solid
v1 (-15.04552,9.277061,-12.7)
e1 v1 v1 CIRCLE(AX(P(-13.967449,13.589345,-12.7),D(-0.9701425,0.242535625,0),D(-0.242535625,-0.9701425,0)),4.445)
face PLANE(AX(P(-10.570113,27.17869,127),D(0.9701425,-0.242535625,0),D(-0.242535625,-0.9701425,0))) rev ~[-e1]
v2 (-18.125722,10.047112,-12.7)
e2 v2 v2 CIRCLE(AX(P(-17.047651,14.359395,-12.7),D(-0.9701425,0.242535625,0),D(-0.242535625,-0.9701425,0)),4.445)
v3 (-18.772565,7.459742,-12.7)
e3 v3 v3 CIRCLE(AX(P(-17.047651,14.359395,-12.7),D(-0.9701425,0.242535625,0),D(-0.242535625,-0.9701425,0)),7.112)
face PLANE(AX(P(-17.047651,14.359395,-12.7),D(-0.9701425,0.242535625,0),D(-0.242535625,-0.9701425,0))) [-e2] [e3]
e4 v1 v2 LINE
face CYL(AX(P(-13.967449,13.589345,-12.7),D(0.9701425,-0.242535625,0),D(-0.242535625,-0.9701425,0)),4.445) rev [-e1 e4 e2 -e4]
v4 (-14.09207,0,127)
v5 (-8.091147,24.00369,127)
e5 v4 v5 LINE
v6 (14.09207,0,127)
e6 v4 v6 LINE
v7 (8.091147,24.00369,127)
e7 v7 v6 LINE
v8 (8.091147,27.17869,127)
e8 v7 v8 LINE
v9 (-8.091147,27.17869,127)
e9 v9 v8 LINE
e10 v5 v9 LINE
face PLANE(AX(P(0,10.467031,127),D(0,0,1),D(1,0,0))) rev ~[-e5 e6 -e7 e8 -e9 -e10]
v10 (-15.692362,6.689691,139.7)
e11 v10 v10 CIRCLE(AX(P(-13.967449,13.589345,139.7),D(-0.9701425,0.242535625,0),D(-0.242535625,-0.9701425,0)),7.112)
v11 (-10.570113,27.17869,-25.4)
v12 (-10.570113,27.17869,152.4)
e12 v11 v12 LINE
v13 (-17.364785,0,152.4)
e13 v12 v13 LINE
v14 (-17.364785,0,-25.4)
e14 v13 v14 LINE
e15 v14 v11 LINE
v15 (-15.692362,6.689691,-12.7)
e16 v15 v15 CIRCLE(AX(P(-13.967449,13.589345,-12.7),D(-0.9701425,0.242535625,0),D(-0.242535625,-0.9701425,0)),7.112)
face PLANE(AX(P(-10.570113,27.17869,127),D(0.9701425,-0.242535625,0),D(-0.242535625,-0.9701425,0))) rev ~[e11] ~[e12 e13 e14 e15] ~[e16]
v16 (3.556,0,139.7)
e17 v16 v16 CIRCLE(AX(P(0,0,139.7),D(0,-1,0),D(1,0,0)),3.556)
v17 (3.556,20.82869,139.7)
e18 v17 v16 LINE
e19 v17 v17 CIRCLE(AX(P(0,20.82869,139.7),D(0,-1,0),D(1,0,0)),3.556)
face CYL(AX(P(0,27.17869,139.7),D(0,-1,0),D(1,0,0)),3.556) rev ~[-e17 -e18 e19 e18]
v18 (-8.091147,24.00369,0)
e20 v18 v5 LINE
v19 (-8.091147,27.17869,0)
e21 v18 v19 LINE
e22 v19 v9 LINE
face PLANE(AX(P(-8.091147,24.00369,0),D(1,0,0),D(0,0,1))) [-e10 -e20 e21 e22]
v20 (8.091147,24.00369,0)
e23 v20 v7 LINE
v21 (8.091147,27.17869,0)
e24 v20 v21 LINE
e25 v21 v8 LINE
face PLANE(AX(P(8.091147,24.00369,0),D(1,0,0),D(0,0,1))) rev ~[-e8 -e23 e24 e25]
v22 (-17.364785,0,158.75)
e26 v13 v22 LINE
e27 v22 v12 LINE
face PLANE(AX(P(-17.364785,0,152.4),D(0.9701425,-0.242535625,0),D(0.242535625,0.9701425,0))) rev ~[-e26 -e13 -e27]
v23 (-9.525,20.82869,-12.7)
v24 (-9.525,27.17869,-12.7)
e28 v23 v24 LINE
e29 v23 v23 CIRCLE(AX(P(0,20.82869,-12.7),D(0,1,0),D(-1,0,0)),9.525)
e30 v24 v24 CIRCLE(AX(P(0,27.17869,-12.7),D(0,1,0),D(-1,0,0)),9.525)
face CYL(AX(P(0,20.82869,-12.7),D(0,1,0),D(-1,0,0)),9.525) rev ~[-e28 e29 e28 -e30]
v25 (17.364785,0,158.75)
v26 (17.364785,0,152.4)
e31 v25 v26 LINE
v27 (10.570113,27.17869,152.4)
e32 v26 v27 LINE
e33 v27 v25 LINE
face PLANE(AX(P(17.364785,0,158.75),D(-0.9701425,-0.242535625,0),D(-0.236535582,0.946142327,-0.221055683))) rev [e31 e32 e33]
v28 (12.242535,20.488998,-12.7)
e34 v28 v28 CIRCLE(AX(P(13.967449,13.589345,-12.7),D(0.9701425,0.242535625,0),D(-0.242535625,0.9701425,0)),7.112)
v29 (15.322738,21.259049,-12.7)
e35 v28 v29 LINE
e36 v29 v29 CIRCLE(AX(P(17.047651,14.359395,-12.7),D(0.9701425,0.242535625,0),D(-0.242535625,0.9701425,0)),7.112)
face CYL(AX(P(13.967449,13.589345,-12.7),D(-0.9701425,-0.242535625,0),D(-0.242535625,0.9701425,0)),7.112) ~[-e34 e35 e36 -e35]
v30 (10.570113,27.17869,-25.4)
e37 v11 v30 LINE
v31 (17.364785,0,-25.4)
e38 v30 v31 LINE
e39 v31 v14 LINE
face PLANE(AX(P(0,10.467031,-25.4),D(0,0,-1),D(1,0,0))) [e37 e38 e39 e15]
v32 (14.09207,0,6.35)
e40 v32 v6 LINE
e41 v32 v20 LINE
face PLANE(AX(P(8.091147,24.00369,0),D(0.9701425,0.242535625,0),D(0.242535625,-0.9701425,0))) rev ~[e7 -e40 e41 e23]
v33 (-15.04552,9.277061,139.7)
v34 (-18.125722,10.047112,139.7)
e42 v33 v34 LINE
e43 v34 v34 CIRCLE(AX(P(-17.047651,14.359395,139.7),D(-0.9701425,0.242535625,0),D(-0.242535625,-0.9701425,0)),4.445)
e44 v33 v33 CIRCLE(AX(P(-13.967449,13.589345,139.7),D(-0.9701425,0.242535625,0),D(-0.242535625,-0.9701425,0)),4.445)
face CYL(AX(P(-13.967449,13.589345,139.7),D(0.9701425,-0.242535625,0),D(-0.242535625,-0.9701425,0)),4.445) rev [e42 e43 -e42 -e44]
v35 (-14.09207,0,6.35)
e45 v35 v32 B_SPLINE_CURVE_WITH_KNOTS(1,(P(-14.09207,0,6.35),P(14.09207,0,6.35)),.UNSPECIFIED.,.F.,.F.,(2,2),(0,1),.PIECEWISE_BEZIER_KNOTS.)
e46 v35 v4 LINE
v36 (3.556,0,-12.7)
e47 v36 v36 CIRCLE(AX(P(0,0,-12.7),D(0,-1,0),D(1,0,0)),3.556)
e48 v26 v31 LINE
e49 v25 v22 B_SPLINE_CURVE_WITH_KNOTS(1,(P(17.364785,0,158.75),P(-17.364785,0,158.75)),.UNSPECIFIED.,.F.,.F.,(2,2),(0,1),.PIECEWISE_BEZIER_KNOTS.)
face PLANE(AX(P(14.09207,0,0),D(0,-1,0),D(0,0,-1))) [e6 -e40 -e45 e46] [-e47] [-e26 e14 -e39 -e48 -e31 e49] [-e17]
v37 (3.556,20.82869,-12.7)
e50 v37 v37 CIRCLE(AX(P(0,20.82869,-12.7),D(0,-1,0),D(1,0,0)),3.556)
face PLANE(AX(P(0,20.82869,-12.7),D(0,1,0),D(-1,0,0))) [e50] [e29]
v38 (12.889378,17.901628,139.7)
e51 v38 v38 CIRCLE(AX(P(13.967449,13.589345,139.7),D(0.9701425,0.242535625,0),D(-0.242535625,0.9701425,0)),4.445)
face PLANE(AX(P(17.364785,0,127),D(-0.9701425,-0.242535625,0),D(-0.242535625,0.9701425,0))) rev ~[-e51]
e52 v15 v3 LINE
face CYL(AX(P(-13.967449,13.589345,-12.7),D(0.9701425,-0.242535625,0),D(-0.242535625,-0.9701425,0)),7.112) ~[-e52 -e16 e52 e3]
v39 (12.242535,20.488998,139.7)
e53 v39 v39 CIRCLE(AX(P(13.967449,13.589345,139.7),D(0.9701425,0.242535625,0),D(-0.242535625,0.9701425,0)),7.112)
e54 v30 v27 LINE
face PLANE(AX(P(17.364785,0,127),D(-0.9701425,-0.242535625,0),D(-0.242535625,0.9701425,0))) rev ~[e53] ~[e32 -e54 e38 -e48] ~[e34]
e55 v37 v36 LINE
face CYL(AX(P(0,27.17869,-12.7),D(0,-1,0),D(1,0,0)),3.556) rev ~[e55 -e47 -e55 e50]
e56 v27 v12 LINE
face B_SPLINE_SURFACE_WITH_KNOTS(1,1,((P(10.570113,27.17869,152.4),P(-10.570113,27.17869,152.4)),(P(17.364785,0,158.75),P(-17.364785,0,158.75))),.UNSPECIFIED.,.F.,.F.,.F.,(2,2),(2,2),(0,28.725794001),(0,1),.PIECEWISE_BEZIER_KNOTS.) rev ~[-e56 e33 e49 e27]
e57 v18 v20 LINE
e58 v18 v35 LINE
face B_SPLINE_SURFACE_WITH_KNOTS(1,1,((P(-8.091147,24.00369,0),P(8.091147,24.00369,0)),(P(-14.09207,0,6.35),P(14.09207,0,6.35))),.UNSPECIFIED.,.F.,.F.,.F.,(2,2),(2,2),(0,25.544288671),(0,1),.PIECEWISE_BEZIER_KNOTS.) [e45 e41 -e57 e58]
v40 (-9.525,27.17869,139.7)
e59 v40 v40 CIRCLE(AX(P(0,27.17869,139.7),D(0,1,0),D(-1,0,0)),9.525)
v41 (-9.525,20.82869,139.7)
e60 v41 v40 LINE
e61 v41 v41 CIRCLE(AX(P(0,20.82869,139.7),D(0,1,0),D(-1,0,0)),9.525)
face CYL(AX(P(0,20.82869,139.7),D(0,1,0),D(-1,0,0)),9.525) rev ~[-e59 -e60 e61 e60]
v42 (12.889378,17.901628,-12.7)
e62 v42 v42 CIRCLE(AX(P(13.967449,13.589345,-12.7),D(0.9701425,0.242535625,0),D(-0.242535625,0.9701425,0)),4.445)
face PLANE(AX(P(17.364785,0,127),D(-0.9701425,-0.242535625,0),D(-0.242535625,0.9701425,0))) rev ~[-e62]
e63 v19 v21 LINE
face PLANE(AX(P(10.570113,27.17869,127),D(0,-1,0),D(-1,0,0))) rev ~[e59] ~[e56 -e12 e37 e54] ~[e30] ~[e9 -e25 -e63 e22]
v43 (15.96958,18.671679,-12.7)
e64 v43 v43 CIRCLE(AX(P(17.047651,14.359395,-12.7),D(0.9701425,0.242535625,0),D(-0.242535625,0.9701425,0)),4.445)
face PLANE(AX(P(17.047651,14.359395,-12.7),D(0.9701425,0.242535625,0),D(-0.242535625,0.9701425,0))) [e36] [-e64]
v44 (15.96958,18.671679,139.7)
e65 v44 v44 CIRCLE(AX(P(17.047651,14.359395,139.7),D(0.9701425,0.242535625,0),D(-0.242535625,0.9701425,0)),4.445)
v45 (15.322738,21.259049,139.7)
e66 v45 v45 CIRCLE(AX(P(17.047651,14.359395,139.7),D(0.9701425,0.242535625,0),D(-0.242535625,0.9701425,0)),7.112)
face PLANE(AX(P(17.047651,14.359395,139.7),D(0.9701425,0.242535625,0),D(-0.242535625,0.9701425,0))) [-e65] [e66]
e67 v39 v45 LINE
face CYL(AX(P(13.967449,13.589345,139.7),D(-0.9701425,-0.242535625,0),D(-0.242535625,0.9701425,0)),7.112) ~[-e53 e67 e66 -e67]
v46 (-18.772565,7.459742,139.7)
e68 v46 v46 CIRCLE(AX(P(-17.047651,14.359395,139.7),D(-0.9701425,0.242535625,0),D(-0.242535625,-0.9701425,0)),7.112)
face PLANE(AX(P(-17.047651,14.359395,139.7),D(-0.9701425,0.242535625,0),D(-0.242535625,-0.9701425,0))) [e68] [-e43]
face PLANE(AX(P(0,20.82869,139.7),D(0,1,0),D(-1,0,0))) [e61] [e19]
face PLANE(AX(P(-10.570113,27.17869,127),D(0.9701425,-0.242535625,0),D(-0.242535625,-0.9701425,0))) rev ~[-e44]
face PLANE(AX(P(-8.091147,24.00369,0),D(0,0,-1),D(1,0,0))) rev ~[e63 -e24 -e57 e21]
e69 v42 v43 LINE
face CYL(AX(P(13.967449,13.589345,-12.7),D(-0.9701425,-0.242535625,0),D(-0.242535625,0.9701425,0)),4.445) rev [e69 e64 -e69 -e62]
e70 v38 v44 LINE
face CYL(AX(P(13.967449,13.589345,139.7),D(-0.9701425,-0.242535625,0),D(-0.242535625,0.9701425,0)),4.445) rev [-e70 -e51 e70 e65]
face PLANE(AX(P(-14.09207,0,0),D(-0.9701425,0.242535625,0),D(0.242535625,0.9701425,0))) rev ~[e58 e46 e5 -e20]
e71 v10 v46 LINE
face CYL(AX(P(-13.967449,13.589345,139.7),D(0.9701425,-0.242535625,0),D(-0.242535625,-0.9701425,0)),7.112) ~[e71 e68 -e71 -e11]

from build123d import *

# Parameters (mm, degrees)
F1_DEPTH        = 127
F3_DEPTH        = 25.4
F5_DEPTH        = 25.4
F12_DEPTH       = 3.1760001
F14_D           = 7.112
F14_CBORE_D     = 19.05
F14_CBORE_DEPTH = 6.35
F15_R           = 7.112
F15_R_2         = 4.445
F16_DEPTH       = 3.175
F17_R           = 7.112
F17_R_2         = 4.445
F18_DEPTH       = 3.175


with BuildPart() as f1:
    # F0 (on Top) → F1 (new body)
    with BuildSketch(Plane.XY):
        Polygon((-10.5701125115, 27.1786895925), (-17.3647849097, 0), (-14.0920698193, 0), (-8.0911474212, 24.0036895925), (8.0911474212, 24.0036895925), (14.0920698193, 0), (17.3647849097, 0), (10.5701125115, 27.1786895925), align=None)
    extrude(amount=F1_DEPTH)

    # F2 (on face) → F3 (join)
    with BuildSketch(Plane(origin=(0, 0, 0), x_dir=(1, 0, 0), z_dir=(0, 0, -1))):
        Polygon((8.0911474212, -24.0036895925), (14.0920698193, 0), (-14.0920698193, 0), (-8.0911474212, -24.0036895925), align=None)
        Polygon((17.3647849097, 0), (14.0920698193, 0), (8.0911474212, -24.0036895925), (-8.0911474212, -24.0036895925), (-14.0920698193, 0), (-17.3647849097, 0), (-10.5701125115, -27.1786895925), (10.5701125115, -27.1786895925), align=None)
    extrude(amount=F3_DEPTH)

    # F4 (on face) → F5 (join)
    with BuildSketch(Plane.XY.offset(127)):
        Polygon((-8.0911474212, 24.0036895925), (-14.0920698193, 0), (14.0920698193, 0), (8.0911474212, 24.0036895925), align=None)
        Polygon((-17.3647849097, 0), (-14.0920698193, 0), (-8.0911474212, 24.0036895925), (8.0911474212, 24.0036895925), (14.0920698193, 0), (17.3647849097, 0), (10.5701125115, 27.1786895925), (-10.5701125115, 27.1786895925), align=None)
    extrude(amount=F5_DEPTH)

    # F6 (on face) → F8 section 0
    with BuildSketch(Plane(origin=(16.3433269738, 4.0858317435, 0), x_dir=(-0.242535625, 0.9701425001, 0), z_dir=(0.9701425001, 0.242535625, 0))):
        Polygon((-4.2115789617, 158.75), (-4.2115789617, 152.4), (23.8035730273, 152.4), align=None)
    # F7 (on face) → F8 section 1
    with BuildSketch(Plane(origin=(-16.3433269738, 4.0858317435, 0), x_dir=(-0.242535625, -0.9701425001, 0), z_dir=(-0.9701425001, 0.242535625, 0))):
        Polygon((-23.8035730273, 152.4), (4.2115789617, 152.4), (4.2115789617, 158.75), align=None)
    loft()

    # F10 (on face) → F11 section 0
    with BuildSketch(Plane(origin=(-13.2631245358, 3.315781134, 0), x_dir=(0.242535625, 0.9701425001, 0), z_dir=(0.9701425001, -0.242535625, 0))):
        Polygon((-3.4178289617, 6.35), (-3.4178289617, 0), (21.324607937, 0), align=None)
    # F9 (on face) → F11 section 1
    with BuildSketch(Plane(origin=(13.2631245358, 3.315781134, 0), x_dir=(0.242535625, -0.9701425001, 0), z_dir=(-0.9701425001, -0.242535625, 0))):
        Polygon((-21.324607937, 0), (3.4178289617, 0), (3.4178289617, 6.35), align=None)
    loft()

    # F12 (cut, through all): a face of the model
    f12_faces = [f1.faces().sort_by_distance(p)[0] for p in [
        (0, 24.0036895925, 63.5),
    ]]
    extrude(f12_faces, amount=-F12_DEPTH, mode=Mode.SUBTRACT)

    # F14 (through all)
    with Locations(Plane(origin=(0, 27.1786895925, 0), x_dir=(-1, 0, 0), z_dir=(0, 1, 0))):
        with Locations((0, 139.7), (0, -12.7)):
            CounterBoreHole(F14_D / 2, F14_CBORE_D / 2, F14_CBORE_DEPTH)

    # F15 (on face) → F16 (join)
    with BuildSketch(Plane(origin=(16.3433269738, 4.0858317435, 0), x_dir=(-0.242535625, 0.9701425001, 0), z_dir=(0.9701425001, 0.242535625, 0))):
        with Locations((9.7959970328, 139.7)):
            Circle(F15_R)
        with Locations((9.7959970328, 139.7)):
            Circle(F15_R_2, mode=Mode.SUBTRACT)
        with Locations((9.7959970328, -12.7)):
            Circle(F15_R)
        with Locations((9.7959970328, -12.7)):
            Circle(F15_R_2, mode=Mode.SUBTRACT)
    extrude(amount=F16_DEPTH)

    # F17 (on face) → F18 (join)
    with BuildSketch(Plane(origin=(-16.3433269738, 4.0858317435, 0), x_dir=(-0.242535625, -0.9701425001, 0), z_dir=(-0.9701425001, 0.242535625, 0))):
        with Locations((-9.7959970328, 139.7)):
            Circle(F17_R)
        with Locations((-9.7959970328, 139.7)):
            Circle(F17_R_2, mode=Mode.SUBTRACT)
        with Locations((-9.7959970328, -12.7)):
            Circle(F17_R)
        with Locations((-9.7959970328, -12.7)):
            Circle(F17_R_2, mode=Mode.SUBTRACT)
    extrude(amount=F18_DEPTH)


solid = f1.part
